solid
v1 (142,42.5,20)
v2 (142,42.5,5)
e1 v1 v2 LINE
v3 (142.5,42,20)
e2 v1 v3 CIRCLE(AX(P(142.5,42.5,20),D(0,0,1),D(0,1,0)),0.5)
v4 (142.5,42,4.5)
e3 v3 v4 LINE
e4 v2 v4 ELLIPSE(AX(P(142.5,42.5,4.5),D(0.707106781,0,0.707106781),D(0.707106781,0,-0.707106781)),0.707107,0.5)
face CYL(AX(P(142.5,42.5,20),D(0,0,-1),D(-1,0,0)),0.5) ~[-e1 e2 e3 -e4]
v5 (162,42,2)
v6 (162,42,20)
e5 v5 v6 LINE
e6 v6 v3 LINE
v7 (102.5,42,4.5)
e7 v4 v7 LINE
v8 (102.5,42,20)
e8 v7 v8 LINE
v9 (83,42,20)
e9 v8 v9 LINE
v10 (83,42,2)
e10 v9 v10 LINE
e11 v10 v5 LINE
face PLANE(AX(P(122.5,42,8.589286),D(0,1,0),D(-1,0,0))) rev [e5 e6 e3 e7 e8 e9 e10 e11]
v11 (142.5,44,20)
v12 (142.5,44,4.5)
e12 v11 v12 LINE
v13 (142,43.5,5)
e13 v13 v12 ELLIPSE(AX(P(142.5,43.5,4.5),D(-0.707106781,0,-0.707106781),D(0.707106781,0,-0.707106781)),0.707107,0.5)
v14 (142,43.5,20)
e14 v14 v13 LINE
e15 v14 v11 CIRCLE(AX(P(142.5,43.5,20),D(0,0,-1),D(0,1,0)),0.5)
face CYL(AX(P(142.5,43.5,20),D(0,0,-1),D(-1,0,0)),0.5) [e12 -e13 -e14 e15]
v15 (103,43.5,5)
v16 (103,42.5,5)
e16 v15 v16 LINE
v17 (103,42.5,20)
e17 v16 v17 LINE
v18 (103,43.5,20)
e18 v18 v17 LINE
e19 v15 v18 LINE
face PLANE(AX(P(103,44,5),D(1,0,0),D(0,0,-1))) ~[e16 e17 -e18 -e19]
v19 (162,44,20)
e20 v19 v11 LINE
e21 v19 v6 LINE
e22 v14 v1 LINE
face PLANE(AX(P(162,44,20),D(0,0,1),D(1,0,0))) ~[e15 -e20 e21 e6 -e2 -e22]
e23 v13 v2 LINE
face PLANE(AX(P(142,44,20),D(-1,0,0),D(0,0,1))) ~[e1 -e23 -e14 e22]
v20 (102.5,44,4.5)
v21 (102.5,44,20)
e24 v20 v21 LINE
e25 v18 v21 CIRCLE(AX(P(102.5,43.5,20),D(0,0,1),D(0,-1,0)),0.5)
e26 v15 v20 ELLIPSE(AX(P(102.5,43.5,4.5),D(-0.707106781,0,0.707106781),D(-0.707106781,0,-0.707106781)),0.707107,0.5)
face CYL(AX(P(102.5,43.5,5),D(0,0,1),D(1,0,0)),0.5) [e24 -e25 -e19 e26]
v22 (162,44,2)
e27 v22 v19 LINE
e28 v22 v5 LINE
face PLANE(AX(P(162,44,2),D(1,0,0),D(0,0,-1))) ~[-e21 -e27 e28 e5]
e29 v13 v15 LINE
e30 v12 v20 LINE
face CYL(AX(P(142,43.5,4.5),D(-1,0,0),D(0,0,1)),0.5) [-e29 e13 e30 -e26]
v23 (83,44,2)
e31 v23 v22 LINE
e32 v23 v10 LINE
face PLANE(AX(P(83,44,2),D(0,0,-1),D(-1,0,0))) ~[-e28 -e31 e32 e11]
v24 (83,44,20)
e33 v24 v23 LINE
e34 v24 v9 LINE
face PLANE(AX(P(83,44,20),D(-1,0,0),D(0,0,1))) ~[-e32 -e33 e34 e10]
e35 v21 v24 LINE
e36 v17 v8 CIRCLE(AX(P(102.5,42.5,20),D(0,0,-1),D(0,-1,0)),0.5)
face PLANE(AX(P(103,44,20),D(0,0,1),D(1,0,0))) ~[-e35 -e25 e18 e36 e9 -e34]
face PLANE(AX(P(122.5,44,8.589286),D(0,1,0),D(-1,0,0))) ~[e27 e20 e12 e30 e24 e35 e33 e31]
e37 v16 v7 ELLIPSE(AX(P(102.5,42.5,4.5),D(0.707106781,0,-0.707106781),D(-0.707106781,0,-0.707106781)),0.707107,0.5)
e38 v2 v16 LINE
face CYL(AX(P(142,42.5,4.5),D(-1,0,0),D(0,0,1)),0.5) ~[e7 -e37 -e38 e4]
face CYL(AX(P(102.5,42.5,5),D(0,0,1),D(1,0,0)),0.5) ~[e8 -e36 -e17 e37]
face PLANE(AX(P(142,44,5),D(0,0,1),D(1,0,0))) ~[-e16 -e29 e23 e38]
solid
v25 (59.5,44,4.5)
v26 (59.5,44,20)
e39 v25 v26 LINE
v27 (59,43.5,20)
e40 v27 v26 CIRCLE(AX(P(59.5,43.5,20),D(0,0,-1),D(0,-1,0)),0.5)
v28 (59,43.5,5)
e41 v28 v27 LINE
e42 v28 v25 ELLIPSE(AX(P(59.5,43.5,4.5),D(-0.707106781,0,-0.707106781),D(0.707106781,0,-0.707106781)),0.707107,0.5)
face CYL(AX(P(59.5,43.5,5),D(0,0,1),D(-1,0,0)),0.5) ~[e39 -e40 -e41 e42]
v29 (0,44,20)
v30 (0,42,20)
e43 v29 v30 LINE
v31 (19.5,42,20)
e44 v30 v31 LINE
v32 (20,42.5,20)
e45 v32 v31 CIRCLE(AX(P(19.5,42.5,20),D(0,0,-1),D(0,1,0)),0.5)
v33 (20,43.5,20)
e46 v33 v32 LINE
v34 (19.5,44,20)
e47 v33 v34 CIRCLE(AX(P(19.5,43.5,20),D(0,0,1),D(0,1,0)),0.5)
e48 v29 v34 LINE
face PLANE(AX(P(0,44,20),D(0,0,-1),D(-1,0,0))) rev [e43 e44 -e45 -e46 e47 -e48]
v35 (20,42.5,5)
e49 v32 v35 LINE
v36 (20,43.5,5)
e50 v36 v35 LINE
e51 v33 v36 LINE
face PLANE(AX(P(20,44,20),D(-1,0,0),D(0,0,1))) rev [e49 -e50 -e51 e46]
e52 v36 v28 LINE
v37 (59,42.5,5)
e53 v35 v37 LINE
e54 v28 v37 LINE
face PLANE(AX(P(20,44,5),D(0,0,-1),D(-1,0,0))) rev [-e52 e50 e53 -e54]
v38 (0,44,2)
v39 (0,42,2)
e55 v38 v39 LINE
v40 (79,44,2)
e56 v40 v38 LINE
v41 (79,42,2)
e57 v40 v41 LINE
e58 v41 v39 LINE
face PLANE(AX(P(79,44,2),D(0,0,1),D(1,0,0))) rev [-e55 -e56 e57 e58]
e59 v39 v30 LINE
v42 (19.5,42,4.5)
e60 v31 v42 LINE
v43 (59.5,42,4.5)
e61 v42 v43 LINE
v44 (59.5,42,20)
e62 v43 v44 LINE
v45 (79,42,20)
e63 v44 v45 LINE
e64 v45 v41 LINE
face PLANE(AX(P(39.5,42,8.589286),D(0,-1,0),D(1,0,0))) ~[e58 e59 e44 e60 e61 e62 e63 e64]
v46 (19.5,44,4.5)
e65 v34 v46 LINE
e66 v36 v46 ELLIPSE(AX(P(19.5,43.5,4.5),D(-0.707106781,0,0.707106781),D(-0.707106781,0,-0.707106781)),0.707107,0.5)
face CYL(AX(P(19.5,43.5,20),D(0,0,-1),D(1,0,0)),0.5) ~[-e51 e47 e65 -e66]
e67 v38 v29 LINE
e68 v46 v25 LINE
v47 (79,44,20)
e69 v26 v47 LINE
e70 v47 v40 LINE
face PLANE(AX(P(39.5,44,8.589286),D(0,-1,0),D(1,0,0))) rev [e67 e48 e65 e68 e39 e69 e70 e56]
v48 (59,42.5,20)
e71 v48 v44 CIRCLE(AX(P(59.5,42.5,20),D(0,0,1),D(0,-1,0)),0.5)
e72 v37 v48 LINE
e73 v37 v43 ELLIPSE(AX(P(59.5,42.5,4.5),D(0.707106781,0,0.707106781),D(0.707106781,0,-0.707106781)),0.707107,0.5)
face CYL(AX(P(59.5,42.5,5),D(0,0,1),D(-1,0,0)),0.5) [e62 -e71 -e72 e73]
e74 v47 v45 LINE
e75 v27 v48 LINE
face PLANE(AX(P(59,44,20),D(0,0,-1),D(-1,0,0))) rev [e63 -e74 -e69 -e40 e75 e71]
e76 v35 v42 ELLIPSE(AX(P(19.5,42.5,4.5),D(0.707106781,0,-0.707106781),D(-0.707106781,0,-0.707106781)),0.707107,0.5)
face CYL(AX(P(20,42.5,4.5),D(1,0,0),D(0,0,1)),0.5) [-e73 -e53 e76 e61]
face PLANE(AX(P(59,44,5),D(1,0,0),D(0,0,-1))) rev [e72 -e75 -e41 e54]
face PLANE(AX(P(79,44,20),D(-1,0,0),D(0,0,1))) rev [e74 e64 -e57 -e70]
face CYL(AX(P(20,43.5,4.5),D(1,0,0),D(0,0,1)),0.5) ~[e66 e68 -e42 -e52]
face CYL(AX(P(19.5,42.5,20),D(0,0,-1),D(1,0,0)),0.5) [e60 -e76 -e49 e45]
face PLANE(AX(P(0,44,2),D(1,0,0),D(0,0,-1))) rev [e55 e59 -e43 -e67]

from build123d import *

# Parameters (mm, degrees)
EXTRUDE008_DEPTH = 2
FILLET005_R      = 0.5


with BuildPart() as front_side001:
    # Sketch021 → Extrude008 (new body)
    with BuildSketch(Plane.XZ):
        Polygon((0, 2), (0, 20), (20, 20), (20, 5), (59, 5), (59, 20), (79, 20), (79, 2), align=None)
        Polygon((162, 2), (162, 20), (142, 20), (142, 5), (103, 5), (103, 20), (83, 20), (83, 2), align=None)
    extrude(amount=-EXTRUDE008_DEPTH)


with BuildPart() as back_row001:
    # Part__Mirroring002: instance of front side001
    add(front_side001.part.mirror(Plane(origin=(0, 0, 0), x_dir=(1, 0, 0), z_dir=(0, 1, 0))))


with BuildPart() as back_row001_1:
    # Part__Mirroring002 placement: moved
    add(back_row001.part.moved(Location((0, 44, 0))))

    # Fillet005
    fillet005_edges = [back_row001_1.edges().sort_by_distance(p)[0] for p in [
        (142, 44, 12.5),
        (142, 42, 12.5),
        (122.5, 44, 5),
        (122.5, 42, 5),
        (103, 44, 12.5),
        (103, 42, 12.5),
        (20, 44, 12.5),
        (20, 42, 12.5),
        (39.5, 44, 5),
        (39.5, 42, 5),
        (59, 44, 12.5),
        (59, 42, 12.5),
    ]]
    fillet(fillet005_edges, radius=FILLET005_R)


solid = back_row001_1.part
